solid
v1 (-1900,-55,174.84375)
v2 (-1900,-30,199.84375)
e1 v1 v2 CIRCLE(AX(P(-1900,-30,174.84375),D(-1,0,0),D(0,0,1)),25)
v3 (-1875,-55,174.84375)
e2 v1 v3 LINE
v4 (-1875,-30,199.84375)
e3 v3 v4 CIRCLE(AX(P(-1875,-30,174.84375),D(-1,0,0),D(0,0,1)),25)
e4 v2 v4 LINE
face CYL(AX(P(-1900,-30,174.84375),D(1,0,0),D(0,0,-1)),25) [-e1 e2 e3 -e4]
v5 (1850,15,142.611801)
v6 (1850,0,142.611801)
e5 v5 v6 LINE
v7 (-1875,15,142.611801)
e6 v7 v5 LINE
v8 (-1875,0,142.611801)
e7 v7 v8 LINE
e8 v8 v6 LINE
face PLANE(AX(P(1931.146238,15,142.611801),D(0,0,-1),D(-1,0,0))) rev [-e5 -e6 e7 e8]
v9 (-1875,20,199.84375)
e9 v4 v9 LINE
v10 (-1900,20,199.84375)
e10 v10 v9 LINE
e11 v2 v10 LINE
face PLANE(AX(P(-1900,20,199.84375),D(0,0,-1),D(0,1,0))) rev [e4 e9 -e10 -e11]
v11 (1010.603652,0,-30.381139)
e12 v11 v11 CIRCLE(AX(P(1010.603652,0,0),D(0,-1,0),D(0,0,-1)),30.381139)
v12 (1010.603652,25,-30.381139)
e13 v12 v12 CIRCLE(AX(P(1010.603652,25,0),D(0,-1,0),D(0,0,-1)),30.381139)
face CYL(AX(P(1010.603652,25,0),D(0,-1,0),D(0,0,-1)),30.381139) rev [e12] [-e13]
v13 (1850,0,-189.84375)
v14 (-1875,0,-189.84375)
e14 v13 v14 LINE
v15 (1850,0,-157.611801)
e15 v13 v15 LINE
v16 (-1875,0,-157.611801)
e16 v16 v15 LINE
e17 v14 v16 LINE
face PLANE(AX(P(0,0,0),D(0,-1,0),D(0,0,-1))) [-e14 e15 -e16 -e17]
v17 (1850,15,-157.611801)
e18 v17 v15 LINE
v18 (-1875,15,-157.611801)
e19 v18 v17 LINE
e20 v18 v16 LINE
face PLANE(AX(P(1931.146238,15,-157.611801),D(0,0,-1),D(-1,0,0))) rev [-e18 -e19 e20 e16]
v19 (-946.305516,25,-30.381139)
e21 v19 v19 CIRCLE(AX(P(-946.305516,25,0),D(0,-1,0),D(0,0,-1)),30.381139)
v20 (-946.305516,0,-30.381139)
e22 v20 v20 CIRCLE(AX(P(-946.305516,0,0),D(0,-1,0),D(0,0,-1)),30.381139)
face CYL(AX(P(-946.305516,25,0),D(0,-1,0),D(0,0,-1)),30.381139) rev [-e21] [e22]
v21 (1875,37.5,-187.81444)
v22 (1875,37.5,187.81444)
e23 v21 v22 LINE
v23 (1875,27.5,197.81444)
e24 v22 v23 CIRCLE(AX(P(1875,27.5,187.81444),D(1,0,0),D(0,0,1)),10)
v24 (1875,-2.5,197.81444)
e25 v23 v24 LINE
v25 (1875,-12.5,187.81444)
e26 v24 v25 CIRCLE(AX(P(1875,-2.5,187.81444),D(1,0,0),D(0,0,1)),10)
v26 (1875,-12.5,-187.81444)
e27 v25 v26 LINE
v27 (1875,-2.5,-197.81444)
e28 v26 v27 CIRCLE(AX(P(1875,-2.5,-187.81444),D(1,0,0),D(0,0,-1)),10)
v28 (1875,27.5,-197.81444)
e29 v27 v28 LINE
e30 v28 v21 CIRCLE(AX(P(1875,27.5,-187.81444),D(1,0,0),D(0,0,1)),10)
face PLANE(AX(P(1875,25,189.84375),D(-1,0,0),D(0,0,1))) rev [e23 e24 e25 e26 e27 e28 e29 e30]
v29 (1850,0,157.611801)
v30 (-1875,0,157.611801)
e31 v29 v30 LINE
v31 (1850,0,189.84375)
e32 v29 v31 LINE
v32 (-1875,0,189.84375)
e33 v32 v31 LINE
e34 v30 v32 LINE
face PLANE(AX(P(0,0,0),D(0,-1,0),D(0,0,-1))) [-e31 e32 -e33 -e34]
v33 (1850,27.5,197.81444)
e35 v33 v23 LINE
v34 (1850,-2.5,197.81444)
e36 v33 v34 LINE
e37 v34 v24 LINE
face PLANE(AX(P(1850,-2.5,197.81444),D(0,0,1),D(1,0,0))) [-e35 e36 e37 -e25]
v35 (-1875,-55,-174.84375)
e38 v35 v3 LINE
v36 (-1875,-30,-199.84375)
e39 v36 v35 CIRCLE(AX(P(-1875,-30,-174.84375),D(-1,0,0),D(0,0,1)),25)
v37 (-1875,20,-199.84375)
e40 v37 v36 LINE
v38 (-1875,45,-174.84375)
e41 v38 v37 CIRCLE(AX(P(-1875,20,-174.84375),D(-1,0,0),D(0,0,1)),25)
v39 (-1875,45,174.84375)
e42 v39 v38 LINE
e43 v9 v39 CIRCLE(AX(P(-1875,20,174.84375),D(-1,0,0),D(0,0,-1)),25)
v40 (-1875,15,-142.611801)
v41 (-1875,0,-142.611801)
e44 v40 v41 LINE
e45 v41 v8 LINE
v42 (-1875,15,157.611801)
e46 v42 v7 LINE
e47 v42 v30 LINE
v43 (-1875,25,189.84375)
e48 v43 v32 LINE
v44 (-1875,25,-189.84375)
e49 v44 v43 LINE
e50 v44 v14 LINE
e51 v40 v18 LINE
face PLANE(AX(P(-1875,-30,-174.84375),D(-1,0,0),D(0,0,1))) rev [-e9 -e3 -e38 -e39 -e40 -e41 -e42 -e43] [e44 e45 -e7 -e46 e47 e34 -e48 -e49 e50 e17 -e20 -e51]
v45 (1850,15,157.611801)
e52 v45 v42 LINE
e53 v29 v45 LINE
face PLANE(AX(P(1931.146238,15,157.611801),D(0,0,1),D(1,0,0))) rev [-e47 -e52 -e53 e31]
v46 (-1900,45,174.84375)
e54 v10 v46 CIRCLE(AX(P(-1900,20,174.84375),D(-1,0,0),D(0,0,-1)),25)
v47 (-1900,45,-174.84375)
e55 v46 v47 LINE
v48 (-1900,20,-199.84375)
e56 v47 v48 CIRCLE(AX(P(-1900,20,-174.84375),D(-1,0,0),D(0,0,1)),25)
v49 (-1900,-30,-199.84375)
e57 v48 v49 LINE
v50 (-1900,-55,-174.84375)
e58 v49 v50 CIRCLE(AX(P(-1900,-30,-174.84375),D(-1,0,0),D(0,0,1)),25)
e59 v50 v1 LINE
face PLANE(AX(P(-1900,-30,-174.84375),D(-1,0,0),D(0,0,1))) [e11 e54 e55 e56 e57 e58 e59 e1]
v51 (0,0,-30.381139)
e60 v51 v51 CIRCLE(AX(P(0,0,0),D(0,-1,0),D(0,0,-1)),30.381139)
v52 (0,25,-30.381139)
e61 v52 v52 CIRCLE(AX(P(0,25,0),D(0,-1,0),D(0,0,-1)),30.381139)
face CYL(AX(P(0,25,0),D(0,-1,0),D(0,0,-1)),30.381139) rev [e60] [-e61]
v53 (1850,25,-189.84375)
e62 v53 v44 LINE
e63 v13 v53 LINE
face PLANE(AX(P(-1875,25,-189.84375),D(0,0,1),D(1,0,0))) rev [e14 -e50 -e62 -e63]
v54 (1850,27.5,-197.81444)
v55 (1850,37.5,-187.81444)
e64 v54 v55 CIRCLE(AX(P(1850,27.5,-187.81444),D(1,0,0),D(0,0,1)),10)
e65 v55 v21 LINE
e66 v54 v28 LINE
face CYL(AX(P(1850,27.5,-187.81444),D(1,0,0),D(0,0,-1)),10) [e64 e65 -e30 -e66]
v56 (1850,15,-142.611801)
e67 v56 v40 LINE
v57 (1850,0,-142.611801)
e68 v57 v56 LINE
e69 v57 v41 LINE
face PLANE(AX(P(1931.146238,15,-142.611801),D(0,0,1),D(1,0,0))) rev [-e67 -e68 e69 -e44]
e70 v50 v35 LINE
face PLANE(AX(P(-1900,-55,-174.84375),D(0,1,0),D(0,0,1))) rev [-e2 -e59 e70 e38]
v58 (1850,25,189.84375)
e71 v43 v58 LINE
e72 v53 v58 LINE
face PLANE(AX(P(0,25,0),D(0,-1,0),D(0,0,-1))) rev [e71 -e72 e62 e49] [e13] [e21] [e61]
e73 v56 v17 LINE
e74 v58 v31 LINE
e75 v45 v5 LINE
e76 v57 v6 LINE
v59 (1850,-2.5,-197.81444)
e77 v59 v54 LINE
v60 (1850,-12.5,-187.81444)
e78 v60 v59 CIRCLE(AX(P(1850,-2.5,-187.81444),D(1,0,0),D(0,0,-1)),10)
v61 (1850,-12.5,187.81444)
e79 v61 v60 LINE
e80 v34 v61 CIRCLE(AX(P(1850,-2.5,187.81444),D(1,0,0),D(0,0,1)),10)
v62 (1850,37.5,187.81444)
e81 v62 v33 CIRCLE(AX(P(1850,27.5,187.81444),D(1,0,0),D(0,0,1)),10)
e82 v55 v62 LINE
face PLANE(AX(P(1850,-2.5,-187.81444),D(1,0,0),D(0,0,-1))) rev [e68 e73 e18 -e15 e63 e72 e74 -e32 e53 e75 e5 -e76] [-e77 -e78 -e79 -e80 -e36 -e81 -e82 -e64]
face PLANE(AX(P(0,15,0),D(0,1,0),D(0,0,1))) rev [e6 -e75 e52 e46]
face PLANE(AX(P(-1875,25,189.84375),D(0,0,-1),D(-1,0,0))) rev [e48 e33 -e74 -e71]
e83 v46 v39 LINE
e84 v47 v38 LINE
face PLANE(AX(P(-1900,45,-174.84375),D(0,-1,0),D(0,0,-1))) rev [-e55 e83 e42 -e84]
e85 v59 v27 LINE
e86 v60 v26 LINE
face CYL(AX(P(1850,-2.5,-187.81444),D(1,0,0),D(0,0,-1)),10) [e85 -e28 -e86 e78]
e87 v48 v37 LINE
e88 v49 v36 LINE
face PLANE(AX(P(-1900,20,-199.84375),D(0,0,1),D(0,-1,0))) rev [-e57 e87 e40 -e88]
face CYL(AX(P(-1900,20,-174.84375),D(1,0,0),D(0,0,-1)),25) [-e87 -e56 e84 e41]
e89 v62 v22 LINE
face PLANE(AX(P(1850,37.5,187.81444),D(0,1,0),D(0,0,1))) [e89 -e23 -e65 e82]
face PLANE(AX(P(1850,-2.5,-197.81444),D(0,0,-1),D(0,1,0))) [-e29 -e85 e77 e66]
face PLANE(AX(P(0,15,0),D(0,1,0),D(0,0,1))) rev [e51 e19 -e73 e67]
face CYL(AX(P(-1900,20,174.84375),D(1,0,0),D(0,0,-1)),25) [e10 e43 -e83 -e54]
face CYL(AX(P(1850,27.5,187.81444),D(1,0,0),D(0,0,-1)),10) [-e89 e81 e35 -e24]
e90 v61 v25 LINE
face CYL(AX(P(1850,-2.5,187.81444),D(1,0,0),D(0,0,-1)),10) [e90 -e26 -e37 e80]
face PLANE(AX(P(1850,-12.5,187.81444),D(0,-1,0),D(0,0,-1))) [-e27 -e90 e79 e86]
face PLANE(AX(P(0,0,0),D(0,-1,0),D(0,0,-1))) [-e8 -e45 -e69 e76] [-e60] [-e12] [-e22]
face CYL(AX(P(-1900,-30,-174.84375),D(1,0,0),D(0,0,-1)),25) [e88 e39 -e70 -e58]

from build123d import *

# Parameters (mm, degrees)
SKETCH1_W           = 3750
SKETCH1_H           = 379.6875
BOSS_EXTRUDE1_DEPTH = 25
SKETCH2_W           = 3806.146238169
SKETCH2_H           = 15
CUT_EXTRUDE1_DEPTH  = 15
SKETCH3_R           = 30.381139082
CUT_EXTRUDE2_DEPTH  = 1885.752145353
BOSS_EXTRUDE2_DEPTH = 25
BOSS_EXTRUDE3_DEPTH = 25


with BuildPart() as part:
    # Sketch1 → Boss-Extrude1 (new body)
    with BuildSketch(Plane(origin=(0, 0, 0), x_dir=(1, 0, 0), z_dir=(0, 1, 0))):
        Rectangle(SKETCH1_W, SKETCH1_H)
    extrude(amount=BOSS_EXTRUDE1_DEPTH)

    # Sketch2 → Cut-Extrude1 (cut)
    with BuildSketch(Plane.XZ):
        with Locations((28.073119084, 150.111800851)):
            Rectangle(SKETCH2_W, SKETCH2_H)
        with Locations((28.073119084, -150.111800851)):
            Rectangle(SKETCH2_W, SKETCH2_H)
    extrude(amount=-CUT_EXTRUDE1_DEPTH, mode=Mode.SUBTRACT)

    # Sketch3 → Cut-Extrude2 (cut, through all)
    with BuildSketch(Plane.XZ):
        with Locations(Location((0, 0, 0), (0, 0, 270))):
            Circle(SKETCH3_R)
        with Locations(Location((-946.305515807, 0, 0), (0, 0, 270))):
            Circle(SKETCH3_R)
        with Locations(Location((1010.603651897, 0, 0), (0, 0, 270))):
            Circle(SKETCH3_R)
    extrude(amount=-CUT_EXTRUDE2_DEPTH, mode=Mode.SUBTRACT)

    # Sketch4 → Boss-Extrude2 (add)
    with BuildSketch(Plane(origin=(1875, 0, 0), x_dir=(0, 0, -1), z_dir=(1, 0, 0))):
        with BuildLine():
            Line((-187.814440115, -12.5), (187.814440115, -12.5))
            ThreePointArc((187.814440115, -12.5), (194.885507927, -9.571067812), (197.814440115, -2.5))
            Line((197.814440115, -2.5), (197.814440115, 27.5))
            ThreePointArc((197.814440115, 27.5), (194.885507927, 34.571067812), (187.814440115, 37.5))
            Line((187.814440115, 37.5), (-187.814440115, 37.5))
            ThreePointArc((-187.814440115, 37.5), (-194.885507927, 34.571067812), (-197.814440115, 27.5))
            Line((-197.814440115, 27.5), (-197.814440115, -2.5))
            ThreePointArc((-197.814440115, -2.5), (-194.885507927, -9.571067812), (-187.814440115, -12.5))
        make_face()
    extrude(amount=-BOSS_EXTRUDE2_DEPTH)

    # Sketch5 → Boss-Extrude3 (add)
    with BuildSketch(Plane.ZY.offset(1875)):
        with BuildLine():
            Line((-174.84375, 45), (174.84375, 45))
            ThreePointArc((174.84375, 45), (192.52141953, 37.67766953), (199.84375, 20))
            Line((199.84375, 20), (199.84375, -30))
            ThreePointArc((199.84375, -30), (192.52141953, -47.67766953), (174.84375, -55))
            Line((174.84375, -55), (-174.84375, -55))
            ThreePointArc((-174.84375, -55), (-192.52141953, -47.67766953), (-199.84375, -30))
            Line((-199.84375, -30), (-199.84375, 20))
            ThreePointArc((-199.84375, 20), (-192.52141953, 37.67766953), (-174.84375, 45))
        make_face()
    extrude(amount=BOSS_EXTRUDE3_DEPTH)


solid = part.part
